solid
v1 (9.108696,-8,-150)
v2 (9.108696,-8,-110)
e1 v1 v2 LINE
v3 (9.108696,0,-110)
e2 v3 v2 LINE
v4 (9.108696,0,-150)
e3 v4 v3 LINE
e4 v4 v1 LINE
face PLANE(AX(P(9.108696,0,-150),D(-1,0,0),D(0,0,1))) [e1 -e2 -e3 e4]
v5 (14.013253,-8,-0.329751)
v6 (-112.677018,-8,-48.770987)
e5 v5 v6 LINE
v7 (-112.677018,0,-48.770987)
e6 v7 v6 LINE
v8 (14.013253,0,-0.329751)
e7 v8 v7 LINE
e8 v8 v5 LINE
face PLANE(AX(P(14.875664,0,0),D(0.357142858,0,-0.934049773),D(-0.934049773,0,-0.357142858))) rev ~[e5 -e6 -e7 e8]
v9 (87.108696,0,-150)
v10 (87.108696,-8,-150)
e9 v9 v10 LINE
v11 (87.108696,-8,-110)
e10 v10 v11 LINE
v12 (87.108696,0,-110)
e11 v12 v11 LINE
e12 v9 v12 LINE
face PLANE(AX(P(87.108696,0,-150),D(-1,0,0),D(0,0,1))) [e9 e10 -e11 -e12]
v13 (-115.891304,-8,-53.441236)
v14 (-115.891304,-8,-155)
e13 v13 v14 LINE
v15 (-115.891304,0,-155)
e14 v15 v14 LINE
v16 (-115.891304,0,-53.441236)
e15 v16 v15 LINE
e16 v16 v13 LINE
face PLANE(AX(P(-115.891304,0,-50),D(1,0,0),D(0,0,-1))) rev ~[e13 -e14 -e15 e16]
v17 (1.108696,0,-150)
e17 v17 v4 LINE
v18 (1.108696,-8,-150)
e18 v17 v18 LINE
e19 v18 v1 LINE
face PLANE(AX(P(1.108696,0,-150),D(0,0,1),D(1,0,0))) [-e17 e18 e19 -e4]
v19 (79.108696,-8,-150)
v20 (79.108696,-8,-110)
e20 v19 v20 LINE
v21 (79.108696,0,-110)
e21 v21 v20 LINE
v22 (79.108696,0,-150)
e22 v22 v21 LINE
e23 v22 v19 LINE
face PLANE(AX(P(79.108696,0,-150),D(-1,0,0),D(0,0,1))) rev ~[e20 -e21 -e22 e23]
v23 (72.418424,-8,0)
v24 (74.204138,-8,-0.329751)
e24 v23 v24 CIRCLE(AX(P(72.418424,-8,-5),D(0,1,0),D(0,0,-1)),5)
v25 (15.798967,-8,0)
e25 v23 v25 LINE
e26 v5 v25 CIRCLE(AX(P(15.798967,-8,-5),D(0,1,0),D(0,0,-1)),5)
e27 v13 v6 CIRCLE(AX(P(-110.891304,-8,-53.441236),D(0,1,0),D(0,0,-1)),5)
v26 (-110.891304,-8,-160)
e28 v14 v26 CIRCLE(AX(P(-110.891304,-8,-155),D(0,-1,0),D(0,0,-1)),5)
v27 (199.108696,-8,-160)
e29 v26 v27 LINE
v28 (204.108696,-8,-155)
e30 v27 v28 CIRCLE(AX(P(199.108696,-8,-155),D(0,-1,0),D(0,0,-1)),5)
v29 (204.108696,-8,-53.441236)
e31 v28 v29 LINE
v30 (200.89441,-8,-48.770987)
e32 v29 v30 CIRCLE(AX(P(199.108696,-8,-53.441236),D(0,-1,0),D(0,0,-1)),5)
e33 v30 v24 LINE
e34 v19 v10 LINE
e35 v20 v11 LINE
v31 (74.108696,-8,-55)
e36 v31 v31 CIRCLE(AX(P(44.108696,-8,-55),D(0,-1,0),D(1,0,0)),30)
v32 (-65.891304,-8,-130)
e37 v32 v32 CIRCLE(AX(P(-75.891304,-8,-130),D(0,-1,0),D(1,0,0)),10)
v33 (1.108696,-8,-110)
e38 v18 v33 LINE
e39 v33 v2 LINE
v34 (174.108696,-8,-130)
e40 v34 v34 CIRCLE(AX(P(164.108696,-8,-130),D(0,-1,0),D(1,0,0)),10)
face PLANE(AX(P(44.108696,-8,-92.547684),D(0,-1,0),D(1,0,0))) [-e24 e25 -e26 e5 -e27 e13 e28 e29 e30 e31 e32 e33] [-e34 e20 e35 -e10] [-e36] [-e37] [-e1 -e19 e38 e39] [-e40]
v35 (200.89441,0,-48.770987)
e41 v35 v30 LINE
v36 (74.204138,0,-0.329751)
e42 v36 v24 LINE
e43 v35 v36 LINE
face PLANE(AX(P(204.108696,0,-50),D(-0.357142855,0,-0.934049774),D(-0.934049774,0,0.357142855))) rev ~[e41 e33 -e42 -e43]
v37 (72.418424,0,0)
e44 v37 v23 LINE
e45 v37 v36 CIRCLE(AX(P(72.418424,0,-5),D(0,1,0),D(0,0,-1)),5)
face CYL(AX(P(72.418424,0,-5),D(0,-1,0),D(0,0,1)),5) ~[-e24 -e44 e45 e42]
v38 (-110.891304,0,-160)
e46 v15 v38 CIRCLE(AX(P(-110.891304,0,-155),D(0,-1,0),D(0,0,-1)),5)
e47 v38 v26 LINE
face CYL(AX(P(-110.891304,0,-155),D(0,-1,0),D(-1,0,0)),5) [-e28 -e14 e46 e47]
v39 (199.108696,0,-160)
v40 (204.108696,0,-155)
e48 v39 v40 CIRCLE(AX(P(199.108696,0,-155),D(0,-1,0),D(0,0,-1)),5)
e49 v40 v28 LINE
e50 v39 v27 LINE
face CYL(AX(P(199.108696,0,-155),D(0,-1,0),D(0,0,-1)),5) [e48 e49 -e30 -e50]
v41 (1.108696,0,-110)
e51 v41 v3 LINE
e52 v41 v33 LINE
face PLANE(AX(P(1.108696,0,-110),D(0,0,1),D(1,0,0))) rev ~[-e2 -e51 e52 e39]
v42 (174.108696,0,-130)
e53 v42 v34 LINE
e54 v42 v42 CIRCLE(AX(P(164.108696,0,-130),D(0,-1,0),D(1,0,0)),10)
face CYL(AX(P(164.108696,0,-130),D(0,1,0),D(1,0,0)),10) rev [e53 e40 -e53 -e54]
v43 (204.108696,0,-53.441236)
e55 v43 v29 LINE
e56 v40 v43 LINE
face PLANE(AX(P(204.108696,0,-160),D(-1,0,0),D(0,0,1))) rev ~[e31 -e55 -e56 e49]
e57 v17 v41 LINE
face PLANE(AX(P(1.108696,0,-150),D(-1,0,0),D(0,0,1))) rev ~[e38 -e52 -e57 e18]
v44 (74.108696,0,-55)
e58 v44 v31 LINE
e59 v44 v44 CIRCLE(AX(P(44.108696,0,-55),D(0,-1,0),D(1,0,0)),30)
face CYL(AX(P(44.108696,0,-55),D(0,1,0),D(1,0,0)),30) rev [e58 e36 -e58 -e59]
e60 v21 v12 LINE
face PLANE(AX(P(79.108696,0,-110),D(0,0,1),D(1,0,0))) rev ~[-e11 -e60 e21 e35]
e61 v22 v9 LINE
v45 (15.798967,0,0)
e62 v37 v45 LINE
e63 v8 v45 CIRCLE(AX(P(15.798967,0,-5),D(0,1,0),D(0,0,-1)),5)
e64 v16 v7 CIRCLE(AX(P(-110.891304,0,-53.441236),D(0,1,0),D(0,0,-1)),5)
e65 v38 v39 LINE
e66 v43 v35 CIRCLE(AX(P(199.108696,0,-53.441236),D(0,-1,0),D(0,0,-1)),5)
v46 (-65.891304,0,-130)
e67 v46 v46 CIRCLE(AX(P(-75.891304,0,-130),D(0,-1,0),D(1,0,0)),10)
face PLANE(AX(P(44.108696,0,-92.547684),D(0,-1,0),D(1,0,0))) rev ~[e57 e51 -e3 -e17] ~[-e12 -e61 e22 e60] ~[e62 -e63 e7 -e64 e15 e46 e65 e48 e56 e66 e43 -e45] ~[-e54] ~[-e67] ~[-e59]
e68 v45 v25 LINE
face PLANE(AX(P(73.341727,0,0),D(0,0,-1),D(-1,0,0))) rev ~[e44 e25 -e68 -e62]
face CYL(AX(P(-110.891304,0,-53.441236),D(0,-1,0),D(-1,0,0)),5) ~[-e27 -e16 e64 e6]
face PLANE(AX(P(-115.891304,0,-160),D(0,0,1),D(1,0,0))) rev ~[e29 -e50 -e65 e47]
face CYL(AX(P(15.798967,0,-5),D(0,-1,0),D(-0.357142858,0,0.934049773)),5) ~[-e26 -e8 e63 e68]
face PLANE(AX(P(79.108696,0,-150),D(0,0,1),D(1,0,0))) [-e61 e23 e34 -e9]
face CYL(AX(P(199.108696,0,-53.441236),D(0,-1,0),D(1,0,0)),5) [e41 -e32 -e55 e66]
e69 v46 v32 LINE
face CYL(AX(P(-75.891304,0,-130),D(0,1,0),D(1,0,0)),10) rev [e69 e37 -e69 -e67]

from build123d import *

# Parameters (mm, degrees)
F0_R     = 10
F0_W     = 8
F0_H     = 40
F0_R_2   = 30
F1_DEPTH = 8
F2_R     = 5


with BuildPart() as f1:
    # F0 (on Front) → F1 (new body)
    with BuildSketch(Plane.XZ):
        Polygon((-115.891304, -50), (-115.891304, -160), (204.108696, -160), (204.108696, -50), (73.341727, 0), (14.875664, 0), align=None)
        with Locations((-75.891304, -130)):
            Circle(F0_R, mode=Mode.SUBTRACT)
        with Locations((5.108696, -130)):
            Rectangle(F0_W, F0_H, mode=Mode.SUBTRACT)
        with Locations((83.108696, -130)):
            Rectangle(F0_W, F0_H, mode=Mode.SUBTRACT)
        with Locations((164.108696, -130)):
            Circle(F0_R, mode=Mode.SUBTRACT)
        with Locations((44.108696, -55)):
            Circle(F0_R_2, mode=Mode.SUBTRACT)
    extrude(amount=F1_DEPTH)

    # F2
    f2_edges = [f1.edges().sort_by_distance(p)[0] for p in [
        (-115.891304, -4, -50),
        (14.875664, -4, 0),
        (204.108696, -4, -50),
        (204.108696, -4, -160),
        (-115.891304, -4, -160),
        (73.341727, -4, 0),
    ]]
    fillet(f2_edges, radius=F2_R)


solid = f1.part
